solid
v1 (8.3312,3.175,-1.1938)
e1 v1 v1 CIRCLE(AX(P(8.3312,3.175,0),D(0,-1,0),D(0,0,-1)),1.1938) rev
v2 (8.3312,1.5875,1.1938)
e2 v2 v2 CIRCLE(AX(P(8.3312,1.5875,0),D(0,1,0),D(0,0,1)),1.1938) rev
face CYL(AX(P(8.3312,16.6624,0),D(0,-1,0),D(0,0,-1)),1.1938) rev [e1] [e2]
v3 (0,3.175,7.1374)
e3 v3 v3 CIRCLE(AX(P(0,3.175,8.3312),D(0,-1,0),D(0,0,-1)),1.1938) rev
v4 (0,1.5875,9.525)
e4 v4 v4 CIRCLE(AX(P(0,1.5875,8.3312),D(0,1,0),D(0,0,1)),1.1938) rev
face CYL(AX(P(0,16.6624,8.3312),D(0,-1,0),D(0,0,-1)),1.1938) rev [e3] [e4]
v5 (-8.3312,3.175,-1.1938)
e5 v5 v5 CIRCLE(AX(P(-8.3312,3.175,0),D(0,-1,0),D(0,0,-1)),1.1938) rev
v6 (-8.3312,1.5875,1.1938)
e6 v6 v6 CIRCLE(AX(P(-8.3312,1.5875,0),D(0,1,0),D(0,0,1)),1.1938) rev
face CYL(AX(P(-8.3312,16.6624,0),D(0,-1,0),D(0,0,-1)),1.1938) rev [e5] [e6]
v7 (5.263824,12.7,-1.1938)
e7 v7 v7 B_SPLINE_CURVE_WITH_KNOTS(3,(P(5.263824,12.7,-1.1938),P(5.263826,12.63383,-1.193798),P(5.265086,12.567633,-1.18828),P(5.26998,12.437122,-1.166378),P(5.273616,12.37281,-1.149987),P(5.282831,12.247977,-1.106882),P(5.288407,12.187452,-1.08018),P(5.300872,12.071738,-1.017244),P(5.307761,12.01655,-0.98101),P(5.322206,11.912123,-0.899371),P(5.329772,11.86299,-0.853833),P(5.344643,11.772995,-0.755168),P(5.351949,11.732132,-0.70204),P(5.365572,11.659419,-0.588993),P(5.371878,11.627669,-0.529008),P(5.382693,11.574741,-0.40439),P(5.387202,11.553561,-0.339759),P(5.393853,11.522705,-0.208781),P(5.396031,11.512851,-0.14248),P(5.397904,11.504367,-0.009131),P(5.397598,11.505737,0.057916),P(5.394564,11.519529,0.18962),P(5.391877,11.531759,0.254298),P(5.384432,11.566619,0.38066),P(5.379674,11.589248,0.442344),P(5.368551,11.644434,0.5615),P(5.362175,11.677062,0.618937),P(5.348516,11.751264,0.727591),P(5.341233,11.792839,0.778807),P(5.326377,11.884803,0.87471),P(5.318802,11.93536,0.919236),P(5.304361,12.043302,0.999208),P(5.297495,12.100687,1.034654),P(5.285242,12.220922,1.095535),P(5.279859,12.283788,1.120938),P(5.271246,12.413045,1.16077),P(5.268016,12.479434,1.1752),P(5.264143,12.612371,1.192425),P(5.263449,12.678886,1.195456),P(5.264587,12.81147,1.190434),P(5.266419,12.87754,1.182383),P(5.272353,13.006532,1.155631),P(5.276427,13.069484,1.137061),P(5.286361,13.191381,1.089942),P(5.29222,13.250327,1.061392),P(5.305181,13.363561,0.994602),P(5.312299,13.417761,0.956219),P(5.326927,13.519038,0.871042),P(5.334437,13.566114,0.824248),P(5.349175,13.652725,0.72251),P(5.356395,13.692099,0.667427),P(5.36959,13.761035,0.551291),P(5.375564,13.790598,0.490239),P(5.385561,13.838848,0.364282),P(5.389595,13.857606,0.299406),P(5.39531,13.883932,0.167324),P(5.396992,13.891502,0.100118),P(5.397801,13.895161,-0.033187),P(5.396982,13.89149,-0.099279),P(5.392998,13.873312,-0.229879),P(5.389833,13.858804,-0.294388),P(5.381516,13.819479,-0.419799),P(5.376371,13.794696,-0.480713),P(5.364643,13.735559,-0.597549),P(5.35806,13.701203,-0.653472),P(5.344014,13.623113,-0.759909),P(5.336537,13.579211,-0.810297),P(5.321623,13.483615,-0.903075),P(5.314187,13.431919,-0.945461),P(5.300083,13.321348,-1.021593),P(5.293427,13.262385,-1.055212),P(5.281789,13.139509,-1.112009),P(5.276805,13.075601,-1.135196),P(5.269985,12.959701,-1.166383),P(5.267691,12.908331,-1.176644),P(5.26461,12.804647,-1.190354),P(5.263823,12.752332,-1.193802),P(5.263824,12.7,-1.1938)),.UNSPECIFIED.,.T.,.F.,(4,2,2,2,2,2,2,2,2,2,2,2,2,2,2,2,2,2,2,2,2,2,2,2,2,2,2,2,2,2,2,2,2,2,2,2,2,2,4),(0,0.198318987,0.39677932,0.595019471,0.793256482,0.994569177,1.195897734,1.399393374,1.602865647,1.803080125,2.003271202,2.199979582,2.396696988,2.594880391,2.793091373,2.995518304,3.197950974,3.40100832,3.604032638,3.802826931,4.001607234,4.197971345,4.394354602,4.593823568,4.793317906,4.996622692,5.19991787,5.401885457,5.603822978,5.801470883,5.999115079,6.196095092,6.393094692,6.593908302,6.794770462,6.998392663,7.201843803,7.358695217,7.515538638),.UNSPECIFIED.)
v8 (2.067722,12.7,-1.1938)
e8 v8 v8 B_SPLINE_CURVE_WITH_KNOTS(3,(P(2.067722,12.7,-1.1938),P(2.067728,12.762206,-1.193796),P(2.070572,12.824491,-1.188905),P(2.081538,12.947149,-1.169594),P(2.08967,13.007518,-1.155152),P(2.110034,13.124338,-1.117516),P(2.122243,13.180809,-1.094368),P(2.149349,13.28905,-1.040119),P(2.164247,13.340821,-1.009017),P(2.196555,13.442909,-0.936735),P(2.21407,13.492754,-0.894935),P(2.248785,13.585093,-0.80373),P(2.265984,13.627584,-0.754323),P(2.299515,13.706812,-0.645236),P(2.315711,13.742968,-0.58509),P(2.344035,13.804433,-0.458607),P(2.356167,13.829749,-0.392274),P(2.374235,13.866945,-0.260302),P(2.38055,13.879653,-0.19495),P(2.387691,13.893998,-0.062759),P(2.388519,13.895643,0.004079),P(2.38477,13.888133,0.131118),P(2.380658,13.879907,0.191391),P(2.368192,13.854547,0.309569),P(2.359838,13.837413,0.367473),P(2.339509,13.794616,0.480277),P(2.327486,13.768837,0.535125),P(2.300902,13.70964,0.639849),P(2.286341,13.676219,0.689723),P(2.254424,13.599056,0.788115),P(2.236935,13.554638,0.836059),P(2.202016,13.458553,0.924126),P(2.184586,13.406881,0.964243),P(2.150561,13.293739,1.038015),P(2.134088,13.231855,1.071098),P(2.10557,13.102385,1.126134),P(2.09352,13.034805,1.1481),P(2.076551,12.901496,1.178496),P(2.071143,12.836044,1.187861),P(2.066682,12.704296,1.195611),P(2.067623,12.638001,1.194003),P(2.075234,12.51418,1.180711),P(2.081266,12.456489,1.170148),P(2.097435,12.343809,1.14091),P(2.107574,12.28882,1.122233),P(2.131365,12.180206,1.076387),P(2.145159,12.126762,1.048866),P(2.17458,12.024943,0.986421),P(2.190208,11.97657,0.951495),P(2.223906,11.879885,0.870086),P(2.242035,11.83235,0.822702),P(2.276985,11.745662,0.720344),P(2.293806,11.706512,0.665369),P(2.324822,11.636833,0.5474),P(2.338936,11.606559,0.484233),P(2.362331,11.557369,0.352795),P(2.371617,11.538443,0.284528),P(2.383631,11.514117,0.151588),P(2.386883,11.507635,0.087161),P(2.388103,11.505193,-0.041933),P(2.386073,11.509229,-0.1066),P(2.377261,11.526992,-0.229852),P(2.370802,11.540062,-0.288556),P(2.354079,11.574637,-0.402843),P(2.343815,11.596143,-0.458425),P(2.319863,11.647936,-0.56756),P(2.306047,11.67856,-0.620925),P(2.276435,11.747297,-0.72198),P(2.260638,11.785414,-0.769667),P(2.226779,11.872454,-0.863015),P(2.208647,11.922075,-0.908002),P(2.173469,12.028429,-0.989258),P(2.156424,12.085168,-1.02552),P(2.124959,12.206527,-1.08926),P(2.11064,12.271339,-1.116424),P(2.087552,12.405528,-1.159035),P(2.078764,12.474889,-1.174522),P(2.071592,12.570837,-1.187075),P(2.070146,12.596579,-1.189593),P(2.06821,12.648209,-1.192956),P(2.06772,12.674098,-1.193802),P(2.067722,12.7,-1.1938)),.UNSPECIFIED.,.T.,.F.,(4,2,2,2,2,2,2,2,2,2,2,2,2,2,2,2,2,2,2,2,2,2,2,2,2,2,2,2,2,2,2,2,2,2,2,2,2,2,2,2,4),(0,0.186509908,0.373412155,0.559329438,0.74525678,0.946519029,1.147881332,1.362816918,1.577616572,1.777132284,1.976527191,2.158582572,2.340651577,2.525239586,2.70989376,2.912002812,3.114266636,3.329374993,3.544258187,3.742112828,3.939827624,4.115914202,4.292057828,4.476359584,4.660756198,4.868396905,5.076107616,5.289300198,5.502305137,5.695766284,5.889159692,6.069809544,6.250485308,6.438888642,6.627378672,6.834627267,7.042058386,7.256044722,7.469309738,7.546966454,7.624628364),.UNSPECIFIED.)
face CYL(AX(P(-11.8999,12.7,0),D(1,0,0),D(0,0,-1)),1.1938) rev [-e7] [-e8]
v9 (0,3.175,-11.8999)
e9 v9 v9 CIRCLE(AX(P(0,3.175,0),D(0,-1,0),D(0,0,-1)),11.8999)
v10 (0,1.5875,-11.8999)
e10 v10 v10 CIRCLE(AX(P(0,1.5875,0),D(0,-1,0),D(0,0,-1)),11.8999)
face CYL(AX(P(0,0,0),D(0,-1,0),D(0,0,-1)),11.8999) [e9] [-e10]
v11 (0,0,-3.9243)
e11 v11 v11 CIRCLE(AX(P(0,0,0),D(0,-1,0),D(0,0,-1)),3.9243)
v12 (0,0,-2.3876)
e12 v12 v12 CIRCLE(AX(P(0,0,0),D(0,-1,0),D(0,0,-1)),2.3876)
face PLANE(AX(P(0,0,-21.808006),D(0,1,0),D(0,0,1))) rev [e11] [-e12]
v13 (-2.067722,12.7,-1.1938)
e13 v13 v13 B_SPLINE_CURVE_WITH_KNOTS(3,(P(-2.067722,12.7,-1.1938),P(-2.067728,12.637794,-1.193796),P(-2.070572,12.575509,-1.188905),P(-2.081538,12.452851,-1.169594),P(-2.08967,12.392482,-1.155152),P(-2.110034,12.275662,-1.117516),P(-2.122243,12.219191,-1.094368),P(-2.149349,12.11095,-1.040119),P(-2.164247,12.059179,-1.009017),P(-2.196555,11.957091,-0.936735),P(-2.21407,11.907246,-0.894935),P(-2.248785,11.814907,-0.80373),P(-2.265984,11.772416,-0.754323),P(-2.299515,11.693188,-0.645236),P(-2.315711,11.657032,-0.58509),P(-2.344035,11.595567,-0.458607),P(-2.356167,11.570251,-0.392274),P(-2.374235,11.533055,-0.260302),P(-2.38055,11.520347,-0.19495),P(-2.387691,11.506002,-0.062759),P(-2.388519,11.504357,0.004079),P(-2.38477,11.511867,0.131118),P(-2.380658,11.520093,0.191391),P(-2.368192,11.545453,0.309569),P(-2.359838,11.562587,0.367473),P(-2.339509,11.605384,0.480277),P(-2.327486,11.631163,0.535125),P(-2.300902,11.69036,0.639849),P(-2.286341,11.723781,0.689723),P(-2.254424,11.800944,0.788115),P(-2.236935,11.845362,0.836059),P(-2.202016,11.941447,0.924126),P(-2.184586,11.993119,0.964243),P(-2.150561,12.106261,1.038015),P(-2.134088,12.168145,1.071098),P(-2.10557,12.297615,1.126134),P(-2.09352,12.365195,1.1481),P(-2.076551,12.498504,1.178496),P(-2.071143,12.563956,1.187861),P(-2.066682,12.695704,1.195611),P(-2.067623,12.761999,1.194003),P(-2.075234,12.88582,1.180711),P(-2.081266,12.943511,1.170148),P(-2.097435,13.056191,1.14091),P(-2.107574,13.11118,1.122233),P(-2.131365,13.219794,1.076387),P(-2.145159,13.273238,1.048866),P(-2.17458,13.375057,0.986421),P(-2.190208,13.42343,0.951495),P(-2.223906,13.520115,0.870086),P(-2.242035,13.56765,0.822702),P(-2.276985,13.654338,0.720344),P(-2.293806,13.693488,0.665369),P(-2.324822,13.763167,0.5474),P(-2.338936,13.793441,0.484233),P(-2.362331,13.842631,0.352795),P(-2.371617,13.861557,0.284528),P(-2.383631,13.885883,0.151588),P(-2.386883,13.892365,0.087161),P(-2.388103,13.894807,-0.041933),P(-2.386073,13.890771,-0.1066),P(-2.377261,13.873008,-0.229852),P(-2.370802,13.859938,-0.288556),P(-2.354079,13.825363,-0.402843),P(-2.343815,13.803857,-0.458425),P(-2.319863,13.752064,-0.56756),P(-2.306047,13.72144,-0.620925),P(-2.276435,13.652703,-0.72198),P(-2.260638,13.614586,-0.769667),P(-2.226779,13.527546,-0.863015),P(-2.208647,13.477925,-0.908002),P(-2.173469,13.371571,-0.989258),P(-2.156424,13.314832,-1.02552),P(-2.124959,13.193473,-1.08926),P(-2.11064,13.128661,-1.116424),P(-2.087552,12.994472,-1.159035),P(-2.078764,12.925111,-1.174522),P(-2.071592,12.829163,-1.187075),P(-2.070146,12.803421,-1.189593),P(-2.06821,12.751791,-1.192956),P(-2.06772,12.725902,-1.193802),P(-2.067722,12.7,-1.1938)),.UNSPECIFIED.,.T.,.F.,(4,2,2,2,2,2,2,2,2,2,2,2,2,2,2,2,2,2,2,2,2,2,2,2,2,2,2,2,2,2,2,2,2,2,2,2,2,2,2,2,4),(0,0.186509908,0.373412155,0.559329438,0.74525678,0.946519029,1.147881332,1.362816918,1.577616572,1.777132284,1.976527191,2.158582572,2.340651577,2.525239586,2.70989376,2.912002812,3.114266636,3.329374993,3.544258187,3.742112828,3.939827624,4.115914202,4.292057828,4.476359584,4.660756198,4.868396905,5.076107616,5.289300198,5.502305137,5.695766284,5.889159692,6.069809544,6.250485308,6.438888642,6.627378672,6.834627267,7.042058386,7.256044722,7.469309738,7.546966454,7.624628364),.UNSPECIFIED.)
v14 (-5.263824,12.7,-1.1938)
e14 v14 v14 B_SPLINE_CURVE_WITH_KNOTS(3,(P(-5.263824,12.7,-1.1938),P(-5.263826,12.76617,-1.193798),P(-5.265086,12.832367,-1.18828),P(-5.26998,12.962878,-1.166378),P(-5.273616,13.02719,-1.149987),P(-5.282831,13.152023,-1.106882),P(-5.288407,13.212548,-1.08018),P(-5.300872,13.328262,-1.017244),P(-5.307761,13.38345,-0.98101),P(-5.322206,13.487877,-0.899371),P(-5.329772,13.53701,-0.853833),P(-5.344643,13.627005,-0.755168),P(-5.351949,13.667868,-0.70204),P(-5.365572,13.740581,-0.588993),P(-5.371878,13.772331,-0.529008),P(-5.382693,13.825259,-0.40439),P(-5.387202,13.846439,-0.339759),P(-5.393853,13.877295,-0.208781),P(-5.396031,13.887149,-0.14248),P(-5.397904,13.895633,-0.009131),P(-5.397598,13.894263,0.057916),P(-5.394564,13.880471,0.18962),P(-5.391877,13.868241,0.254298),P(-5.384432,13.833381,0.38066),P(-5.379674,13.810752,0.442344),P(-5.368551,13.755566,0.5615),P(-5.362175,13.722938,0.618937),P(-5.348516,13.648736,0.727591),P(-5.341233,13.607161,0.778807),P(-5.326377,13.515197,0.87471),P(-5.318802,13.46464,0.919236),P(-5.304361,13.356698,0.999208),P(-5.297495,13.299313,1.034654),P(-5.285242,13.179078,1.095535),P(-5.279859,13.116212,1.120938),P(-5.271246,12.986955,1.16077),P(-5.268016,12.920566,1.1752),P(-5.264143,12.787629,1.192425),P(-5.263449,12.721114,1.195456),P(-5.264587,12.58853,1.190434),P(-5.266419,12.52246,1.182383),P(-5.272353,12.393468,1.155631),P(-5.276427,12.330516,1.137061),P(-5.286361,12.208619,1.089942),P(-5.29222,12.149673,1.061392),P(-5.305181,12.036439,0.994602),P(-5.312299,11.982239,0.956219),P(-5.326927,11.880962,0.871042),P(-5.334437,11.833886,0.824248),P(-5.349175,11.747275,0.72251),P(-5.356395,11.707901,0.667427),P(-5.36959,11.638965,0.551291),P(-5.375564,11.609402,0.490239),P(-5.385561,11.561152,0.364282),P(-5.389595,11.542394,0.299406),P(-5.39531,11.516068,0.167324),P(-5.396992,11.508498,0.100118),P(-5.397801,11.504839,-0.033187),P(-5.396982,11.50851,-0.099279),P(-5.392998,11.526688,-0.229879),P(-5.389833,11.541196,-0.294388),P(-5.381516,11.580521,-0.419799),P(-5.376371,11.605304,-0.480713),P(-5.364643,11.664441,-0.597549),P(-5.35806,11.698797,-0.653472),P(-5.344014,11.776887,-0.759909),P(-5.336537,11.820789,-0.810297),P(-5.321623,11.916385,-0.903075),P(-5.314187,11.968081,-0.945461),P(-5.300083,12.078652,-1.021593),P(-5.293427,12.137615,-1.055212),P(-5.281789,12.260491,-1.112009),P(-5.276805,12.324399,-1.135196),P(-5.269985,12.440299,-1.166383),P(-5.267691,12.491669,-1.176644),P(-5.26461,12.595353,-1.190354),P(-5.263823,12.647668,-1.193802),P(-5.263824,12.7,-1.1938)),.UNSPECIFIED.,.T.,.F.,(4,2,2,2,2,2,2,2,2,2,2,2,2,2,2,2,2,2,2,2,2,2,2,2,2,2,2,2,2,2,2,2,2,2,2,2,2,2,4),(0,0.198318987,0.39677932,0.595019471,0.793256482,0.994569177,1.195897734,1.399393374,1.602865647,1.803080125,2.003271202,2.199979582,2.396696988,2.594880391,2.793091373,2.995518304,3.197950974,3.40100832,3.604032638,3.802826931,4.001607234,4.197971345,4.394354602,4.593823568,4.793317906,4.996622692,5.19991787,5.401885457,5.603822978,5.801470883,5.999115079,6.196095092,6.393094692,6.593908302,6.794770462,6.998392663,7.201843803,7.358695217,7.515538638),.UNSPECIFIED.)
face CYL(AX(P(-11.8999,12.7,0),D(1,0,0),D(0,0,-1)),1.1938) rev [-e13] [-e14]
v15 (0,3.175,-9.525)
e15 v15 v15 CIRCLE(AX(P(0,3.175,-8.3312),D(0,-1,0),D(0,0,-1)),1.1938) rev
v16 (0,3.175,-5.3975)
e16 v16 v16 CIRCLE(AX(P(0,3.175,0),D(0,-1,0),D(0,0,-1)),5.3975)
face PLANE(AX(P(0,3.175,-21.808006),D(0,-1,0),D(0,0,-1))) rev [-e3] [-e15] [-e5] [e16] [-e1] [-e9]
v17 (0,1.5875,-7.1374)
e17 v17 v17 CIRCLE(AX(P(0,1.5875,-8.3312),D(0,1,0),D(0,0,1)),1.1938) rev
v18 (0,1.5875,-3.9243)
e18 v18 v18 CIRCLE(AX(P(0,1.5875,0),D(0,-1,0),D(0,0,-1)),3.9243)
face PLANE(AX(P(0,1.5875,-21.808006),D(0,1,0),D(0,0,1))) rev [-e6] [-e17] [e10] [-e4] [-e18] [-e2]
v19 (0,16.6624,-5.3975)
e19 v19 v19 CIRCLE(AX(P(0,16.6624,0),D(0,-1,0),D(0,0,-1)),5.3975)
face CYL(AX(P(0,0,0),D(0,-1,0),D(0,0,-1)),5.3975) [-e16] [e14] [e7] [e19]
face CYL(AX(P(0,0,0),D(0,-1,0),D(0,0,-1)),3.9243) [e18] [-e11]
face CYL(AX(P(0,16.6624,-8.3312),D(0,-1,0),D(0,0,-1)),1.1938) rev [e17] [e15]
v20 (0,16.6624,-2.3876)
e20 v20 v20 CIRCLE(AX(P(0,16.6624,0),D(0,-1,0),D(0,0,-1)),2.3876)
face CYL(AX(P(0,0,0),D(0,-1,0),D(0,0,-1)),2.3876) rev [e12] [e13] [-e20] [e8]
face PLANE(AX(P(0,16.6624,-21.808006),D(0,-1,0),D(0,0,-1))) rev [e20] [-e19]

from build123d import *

# Parameters (mm, degrees)
SKETCH1_5_R             = 1.1938
CUT_EXTRUDE1_DEPTH      = 12.8999
CUT_EXTRUDE1_DEPTH_BACK = 12.8999
SKETCH2_R               = 1.1938
CUT_EXTRUDE2_DEPTH      = 17.6624001


with BuildPart() as part:
    # Sketch1 → Revolve1 (revolve)
    with BuildSketch(Plane(origin=(0, 0, 0), x_dir=(0, 0, -1), z_dir=(1, 0, 0))):
        Polygon((3.9243, 0), (2.3876, 0), (2.3876, 16.6624), (5.3975, 16.6624), (5.3975, 3.175), (11.8999, 3.175), (11.8999, 1.5875), (3.9243, 1.5875), align=None)
    revolve(axis=Axis((0, 0, 0), (0, 1, 0)))

    # Sketch1_5 → Cut-Extrude1 (cut, two sides)
    with BuildSketch(Plane(origin=(0, 0, 0), x_dir=(0, 0, -1), z_dir=(1, 0, 0))) as cut_extrude1_sk:
        with Locations((0, 12.7)):
            Circle(SKETCH1_5_R)
    extrude(amount=CUT_EXTRUDE1_DEPTH, mode=Mode.SUBTRACT)
    extrude(cut_extrude1_sk.sketch, amount=-CUT_EXTRUDE1_DEPTH_BACK, mode=Mode.SUBTRACT)

    # Sketch2 → Cut-Extrude2 (cut, through all)
    with BuildSketch(Plane(origin=(0, 0, 0), x_dir=(1, 0, 0), z_dir=(0, 1, 0))):
        with Locations((-8.3312, 0)):
            Circle(SKETCH2_R)
        with Locations((0, 8.3312)):
            Circle(SKETCH2_R)
        with Locations((0, -8.3312)):
            Circle(SKETCH2_R)
        with Locations((8.3312, 0)):
            Circle(SKETCH2_R)
    extrude(amount=CUT_EXTRUDE2_DEPTH, mode=Mode.SUBTRACT)


solid = part.part
